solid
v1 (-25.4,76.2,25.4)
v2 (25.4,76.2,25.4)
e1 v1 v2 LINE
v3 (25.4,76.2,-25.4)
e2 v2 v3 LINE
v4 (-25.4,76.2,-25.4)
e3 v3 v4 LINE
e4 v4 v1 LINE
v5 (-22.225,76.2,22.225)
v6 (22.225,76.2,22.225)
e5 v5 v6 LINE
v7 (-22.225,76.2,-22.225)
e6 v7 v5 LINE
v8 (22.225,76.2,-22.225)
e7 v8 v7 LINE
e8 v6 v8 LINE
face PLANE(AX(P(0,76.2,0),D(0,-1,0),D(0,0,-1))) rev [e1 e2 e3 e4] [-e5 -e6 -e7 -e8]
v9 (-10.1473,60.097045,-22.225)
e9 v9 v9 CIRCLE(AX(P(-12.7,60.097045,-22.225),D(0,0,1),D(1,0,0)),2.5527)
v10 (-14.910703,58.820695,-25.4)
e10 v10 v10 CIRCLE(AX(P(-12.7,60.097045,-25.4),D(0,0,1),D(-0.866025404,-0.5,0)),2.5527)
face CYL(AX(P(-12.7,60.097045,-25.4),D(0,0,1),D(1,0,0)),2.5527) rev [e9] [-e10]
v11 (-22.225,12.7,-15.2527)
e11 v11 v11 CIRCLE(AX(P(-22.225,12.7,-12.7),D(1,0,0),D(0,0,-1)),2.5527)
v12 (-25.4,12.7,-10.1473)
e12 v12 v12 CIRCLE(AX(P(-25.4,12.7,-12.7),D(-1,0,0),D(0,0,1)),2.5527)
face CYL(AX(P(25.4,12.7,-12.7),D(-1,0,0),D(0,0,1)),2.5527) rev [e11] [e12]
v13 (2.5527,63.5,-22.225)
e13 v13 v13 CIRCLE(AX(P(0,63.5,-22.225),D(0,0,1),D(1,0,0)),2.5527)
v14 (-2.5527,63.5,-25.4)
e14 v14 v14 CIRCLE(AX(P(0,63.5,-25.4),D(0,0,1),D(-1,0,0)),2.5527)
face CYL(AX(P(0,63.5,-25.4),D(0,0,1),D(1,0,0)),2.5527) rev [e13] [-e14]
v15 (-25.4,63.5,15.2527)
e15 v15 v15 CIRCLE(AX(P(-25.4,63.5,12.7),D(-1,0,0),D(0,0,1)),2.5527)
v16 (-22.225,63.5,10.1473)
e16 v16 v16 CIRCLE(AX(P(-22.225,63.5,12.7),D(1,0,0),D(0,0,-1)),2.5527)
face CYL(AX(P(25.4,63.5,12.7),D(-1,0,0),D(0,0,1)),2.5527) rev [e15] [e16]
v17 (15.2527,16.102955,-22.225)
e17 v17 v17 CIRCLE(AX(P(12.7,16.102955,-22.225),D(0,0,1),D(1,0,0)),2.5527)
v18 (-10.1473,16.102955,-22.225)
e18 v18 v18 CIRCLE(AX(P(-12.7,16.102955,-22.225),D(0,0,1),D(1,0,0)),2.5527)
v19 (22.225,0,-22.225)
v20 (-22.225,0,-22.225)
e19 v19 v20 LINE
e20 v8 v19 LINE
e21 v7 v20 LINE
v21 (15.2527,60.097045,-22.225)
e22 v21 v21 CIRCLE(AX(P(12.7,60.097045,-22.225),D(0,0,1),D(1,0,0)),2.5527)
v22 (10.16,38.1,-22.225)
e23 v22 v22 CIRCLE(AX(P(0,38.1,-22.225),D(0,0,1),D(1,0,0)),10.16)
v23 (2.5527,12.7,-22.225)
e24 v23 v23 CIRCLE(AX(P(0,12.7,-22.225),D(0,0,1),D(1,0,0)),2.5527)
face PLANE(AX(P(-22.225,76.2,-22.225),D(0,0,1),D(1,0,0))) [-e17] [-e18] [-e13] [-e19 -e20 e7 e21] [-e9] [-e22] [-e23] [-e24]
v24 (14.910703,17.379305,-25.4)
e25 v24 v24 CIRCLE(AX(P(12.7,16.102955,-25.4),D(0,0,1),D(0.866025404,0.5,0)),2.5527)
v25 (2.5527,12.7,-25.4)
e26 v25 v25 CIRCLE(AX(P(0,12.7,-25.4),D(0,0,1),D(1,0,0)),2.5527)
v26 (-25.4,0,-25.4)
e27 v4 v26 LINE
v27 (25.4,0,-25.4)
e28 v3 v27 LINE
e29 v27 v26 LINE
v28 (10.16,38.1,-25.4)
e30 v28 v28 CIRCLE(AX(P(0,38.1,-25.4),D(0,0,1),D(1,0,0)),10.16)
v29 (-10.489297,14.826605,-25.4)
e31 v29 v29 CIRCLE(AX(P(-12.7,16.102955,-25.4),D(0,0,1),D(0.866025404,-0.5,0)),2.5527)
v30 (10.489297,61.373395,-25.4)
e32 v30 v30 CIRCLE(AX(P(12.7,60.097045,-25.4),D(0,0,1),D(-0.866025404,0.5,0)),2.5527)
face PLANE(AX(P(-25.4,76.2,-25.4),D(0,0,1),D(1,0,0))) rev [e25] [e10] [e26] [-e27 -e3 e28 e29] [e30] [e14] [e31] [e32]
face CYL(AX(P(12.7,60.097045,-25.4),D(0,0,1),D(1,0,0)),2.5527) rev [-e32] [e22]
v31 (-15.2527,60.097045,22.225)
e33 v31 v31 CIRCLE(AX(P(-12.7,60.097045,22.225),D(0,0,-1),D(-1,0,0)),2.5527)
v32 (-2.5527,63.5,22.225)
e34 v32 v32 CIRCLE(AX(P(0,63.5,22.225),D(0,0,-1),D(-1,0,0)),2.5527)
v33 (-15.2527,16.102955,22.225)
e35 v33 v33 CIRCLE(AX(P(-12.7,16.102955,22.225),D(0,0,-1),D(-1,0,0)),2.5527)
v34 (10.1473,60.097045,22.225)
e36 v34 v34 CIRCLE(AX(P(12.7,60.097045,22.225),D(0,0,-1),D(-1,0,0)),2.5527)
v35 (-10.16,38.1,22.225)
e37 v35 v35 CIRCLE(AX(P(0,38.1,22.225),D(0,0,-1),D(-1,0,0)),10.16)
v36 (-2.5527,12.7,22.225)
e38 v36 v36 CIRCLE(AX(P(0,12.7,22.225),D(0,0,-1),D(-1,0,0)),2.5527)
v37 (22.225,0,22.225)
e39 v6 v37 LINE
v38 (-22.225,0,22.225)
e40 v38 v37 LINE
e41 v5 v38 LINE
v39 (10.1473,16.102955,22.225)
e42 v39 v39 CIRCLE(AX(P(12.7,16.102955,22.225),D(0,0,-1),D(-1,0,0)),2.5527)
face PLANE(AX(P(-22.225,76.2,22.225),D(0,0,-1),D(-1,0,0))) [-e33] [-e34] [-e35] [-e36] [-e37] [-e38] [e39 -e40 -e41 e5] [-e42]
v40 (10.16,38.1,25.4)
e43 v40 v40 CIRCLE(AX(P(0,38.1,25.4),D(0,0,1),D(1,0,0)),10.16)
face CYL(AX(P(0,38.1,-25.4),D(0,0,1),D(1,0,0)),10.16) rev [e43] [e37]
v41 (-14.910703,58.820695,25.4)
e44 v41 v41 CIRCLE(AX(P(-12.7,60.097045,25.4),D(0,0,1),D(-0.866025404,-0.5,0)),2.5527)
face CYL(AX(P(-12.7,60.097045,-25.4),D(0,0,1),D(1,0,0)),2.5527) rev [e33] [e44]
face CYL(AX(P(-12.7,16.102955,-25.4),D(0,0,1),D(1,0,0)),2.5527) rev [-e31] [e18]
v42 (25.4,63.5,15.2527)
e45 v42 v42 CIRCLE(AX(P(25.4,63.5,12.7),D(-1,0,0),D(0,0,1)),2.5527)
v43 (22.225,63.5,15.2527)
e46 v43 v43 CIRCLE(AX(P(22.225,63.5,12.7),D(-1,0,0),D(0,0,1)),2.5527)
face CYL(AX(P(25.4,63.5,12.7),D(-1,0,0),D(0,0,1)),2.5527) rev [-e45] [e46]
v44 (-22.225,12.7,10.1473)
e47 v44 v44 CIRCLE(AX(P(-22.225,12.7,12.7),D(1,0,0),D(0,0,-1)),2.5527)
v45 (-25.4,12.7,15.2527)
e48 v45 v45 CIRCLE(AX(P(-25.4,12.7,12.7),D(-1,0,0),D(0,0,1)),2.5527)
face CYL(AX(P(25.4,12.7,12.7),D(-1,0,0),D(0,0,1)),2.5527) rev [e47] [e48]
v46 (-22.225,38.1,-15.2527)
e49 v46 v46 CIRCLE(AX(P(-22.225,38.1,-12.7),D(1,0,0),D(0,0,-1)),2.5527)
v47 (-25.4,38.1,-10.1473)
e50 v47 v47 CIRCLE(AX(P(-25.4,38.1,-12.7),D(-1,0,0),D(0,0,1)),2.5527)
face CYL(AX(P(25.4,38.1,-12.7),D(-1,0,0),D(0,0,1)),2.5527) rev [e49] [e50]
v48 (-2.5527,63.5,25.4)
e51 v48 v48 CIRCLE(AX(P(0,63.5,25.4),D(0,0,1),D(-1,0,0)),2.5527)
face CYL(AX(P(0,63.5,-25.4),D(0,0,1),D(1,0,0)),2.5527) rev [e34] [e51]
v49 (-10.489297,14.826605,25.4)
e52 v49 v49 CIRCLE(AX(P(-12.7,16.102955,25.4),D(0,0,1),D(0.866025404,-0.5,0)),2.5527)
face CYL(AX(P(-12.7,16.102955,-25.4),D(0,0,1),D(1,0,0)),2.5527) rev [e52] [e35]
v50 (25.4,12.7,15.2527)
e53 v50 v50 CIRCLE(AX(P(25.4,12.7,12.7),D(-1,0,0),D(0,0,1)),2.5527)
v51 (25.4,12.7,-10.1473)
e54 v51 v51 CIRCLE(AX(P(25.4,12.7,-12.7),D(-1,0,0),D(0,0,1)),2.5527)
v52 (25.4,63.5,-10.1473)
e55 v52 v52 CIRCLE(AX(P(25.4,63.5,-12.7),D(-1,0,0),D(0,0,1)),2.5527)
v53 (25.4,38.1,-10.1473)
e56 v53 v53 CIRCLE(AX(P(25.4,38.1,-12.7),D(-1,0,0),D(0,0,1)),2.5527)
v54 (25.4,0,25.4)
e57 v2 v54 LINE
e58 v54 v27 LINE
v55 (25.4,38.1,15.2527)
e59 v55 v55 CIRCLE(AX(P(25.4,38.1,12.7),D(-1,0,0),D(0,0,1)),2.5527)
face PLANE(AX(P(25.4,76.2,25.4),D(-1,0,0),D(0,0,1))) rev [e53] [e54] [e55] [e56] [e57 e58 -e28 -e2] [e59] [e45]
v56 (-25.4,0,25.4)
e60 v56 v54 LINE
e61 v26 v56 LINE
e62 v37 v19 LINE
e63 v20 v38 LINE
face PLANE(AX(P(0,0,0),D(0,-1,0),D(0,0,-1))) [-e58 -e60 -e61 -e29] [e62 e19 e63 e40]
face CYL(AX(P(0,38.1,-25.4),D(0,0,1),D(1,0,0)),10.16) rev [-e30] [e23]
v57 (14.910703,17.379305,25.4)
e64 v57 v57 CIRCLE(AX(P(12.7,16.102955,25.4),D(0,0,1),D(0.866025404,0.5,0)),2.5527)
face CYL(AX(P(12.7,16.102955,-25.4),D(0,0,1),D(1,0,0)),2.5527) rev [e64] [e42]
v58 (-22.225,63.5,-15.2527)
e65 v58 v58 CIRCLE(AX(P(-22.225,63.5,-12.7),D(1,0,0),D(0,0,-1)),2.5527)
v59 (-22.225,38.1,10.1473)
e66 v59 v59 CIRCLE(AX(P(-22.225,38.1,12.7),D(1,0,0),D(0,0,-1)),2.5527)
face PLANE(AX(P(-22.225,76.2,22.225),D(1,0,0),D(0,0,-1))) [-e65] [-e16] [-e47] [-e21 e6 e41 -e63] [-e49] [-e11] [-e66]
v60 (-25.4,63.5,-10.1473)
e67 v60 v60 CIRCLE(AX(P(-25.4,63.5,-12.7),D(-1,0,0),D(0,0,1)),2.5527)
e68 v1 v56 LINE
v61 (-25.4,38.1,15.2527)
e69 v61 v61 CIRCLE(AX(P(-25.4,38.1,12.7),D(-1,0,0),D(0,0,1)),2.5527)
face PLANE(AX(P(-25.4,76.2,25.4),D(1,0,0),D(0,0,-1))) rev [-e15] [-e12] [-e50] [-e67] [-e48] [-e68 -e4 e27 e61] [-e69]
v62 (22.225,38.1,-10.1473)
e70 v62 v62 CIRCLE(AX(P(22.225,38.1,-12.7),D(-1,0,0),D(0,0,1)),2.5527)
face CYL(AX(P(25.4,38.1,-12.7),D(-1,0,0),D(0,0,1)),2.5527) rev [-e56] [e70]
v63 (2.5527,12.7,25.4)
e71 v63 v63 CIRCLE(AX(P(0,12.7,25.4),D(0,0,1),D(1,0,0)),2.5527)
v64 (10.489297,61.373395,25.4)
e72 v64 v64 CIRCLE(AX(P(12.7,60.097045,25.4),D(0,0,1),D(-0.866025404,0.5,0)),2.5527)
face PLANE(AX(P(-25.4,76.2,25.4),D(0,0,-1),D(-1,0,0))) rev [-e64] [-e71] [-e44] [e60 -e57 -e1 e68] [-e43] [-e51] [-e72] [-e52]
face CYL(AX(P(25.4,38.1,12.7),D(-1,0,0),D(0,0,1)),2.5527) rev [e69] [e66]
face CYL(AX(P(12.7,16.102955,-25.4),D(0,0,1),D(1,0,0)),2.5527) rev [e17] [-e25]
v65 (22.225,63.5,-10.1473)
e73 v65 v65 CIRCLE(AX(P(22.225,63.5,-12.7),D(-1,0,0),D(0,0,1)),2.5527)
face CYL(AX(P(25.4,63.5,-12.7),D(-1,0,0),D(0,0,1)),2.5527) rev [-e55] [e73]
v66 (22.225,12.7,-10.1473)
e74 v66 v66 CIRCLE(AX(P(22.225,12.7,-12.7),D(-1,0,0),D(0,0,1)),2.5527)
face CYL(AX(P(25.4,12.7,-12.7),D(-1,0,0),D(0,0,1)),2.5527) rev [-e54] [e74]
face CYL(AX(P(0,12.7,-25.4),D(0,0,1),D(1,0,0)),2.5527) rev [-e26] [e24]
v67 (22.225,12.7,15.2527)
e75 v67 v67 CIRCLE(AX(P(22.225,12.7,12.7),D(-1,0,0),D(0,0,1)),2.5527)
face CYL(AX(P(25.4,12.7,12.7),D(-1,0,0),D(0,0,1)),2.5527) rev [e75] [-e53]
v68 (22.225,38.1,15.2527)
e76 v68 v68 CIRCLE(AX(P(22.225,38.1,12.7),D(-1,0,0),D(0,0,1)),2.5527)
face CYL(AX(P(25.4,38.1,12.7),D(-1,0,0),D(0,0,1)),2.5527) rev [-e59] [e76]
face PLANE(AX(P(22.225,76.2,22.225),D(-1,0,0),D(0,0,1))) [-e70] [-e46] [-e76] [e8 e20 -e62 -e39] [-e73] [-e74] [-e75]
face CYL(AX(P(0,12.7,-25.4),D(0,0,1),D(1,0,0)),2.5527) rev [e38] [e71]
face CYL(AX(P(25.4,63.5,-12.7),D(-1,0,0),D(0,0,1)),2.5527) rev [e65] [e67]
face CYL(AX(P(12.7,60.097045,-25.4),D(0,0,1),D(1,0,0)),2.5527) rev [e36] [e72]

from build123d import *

# Parameters (mm, degrees)
SKETCH1_W            = 50.8
SKETCH1_H            = 50.8
SKETCH1_W_2          = 44.45
SKETCH1_H_2          = 44.45
BOSS_EXTRUDE1_DEPTH  = 76.2
SKETCH3_R            = 2.5527
CUT_EXTRUDE1_DEPTH   = 50.8
CIRPATTERN1_COUNT    = 12
SKETCH4_R            = 10.16
CUT_EXTRUDE2_DEPTH   = 50.8
SKETCH5_R            = 2.5527
CUT_EXTRUDE3_DEPTH   = 50.8
LPATTERN1_COUNT      = 3
LPATTERN1_PITCH      = 25.4
LPATTERN1_COUNT_DIR2 = 2
LPATTERN1_PITCH_DIR2 = 25.4


with BuildPart() as part:
    # Sketch1 → Boss-Extrude1 (new body)
    with BuildSketch(Plane(origin=(0, 0, 0), x_dir=(1, 0, 0), z_dir=(0, 1, 0))):
        Rectangle(SKETCH1_W, SKETCH1_H)
        Rectangle(SKETCH1_W_2, SKETCH1_H_2, mode=Mode.SUBTRACT)
    extrude(amount=BOSS_EXTRUDE1_DEPTH)

    # Sketch3 → Cut-Extrude1 (cut)
    with BuildSketch(Plane.XY.offset(25.4)):
        with Locations((0, 12.7)):
            Circle(SKETCH3_R)
    cut_extrude1 = extrude(amount=-CUT_EXTRUDE1_DEPTH, mode=Mode.SUBTRACT)

    # CirPattern1: Cut-Extrude1 ×12 about axis, 6 skipped
    cirpattern1_axis = Axis((0, 38.1, 25.4), (0, 0, 1))
    add([cut_extrude1.rotate(cirpattern1_axis, i * 360 / CIRPATTERN1_COUNT) for i in range(1, CIRPATTERN1_COUNT) if i not in (2, 3, 4, 8, 9, 10)], mode=Mode.SUBTRACT)

    # Sketch4 → Cut-Extrude2 (cut)
    with BuildSketch(Plane.XY.offset(25.4)):
        with Locations((0, 38.1)):
            Circle(SKETCH4_R)
    extrude(amount=-CUT_EXTRUDE2_DEPTH, mode=Mode.SUBTRACT)

    # Sketch5 → Cut-Extrude3 (cut)
    with BuildSketch(Plane.ZY.offset(25.4)):
        with Locations((-12.7, 12.7)):
            Circle(SKETCH5_R)
    cut_extrude3 = extrude(amount=-CUT_EXTRUDE3_DEPTH, mode=Mode.SUBTRACT)

    # LPattern1: Cut-Extrude3 3 × 2
    with Locations(*[(0, i * LPATTERN1_PITCH, j * LPATTERN1_PITCH_DIR2) for i in range(LPATTERN1_COUNT) for j in range(LPATTERN1_COUNT_DIR2) if (i, j) != (0, 0)]):
        add(cut_extrude3, mode=Mode.SUBTRACT)


solid = part.part
